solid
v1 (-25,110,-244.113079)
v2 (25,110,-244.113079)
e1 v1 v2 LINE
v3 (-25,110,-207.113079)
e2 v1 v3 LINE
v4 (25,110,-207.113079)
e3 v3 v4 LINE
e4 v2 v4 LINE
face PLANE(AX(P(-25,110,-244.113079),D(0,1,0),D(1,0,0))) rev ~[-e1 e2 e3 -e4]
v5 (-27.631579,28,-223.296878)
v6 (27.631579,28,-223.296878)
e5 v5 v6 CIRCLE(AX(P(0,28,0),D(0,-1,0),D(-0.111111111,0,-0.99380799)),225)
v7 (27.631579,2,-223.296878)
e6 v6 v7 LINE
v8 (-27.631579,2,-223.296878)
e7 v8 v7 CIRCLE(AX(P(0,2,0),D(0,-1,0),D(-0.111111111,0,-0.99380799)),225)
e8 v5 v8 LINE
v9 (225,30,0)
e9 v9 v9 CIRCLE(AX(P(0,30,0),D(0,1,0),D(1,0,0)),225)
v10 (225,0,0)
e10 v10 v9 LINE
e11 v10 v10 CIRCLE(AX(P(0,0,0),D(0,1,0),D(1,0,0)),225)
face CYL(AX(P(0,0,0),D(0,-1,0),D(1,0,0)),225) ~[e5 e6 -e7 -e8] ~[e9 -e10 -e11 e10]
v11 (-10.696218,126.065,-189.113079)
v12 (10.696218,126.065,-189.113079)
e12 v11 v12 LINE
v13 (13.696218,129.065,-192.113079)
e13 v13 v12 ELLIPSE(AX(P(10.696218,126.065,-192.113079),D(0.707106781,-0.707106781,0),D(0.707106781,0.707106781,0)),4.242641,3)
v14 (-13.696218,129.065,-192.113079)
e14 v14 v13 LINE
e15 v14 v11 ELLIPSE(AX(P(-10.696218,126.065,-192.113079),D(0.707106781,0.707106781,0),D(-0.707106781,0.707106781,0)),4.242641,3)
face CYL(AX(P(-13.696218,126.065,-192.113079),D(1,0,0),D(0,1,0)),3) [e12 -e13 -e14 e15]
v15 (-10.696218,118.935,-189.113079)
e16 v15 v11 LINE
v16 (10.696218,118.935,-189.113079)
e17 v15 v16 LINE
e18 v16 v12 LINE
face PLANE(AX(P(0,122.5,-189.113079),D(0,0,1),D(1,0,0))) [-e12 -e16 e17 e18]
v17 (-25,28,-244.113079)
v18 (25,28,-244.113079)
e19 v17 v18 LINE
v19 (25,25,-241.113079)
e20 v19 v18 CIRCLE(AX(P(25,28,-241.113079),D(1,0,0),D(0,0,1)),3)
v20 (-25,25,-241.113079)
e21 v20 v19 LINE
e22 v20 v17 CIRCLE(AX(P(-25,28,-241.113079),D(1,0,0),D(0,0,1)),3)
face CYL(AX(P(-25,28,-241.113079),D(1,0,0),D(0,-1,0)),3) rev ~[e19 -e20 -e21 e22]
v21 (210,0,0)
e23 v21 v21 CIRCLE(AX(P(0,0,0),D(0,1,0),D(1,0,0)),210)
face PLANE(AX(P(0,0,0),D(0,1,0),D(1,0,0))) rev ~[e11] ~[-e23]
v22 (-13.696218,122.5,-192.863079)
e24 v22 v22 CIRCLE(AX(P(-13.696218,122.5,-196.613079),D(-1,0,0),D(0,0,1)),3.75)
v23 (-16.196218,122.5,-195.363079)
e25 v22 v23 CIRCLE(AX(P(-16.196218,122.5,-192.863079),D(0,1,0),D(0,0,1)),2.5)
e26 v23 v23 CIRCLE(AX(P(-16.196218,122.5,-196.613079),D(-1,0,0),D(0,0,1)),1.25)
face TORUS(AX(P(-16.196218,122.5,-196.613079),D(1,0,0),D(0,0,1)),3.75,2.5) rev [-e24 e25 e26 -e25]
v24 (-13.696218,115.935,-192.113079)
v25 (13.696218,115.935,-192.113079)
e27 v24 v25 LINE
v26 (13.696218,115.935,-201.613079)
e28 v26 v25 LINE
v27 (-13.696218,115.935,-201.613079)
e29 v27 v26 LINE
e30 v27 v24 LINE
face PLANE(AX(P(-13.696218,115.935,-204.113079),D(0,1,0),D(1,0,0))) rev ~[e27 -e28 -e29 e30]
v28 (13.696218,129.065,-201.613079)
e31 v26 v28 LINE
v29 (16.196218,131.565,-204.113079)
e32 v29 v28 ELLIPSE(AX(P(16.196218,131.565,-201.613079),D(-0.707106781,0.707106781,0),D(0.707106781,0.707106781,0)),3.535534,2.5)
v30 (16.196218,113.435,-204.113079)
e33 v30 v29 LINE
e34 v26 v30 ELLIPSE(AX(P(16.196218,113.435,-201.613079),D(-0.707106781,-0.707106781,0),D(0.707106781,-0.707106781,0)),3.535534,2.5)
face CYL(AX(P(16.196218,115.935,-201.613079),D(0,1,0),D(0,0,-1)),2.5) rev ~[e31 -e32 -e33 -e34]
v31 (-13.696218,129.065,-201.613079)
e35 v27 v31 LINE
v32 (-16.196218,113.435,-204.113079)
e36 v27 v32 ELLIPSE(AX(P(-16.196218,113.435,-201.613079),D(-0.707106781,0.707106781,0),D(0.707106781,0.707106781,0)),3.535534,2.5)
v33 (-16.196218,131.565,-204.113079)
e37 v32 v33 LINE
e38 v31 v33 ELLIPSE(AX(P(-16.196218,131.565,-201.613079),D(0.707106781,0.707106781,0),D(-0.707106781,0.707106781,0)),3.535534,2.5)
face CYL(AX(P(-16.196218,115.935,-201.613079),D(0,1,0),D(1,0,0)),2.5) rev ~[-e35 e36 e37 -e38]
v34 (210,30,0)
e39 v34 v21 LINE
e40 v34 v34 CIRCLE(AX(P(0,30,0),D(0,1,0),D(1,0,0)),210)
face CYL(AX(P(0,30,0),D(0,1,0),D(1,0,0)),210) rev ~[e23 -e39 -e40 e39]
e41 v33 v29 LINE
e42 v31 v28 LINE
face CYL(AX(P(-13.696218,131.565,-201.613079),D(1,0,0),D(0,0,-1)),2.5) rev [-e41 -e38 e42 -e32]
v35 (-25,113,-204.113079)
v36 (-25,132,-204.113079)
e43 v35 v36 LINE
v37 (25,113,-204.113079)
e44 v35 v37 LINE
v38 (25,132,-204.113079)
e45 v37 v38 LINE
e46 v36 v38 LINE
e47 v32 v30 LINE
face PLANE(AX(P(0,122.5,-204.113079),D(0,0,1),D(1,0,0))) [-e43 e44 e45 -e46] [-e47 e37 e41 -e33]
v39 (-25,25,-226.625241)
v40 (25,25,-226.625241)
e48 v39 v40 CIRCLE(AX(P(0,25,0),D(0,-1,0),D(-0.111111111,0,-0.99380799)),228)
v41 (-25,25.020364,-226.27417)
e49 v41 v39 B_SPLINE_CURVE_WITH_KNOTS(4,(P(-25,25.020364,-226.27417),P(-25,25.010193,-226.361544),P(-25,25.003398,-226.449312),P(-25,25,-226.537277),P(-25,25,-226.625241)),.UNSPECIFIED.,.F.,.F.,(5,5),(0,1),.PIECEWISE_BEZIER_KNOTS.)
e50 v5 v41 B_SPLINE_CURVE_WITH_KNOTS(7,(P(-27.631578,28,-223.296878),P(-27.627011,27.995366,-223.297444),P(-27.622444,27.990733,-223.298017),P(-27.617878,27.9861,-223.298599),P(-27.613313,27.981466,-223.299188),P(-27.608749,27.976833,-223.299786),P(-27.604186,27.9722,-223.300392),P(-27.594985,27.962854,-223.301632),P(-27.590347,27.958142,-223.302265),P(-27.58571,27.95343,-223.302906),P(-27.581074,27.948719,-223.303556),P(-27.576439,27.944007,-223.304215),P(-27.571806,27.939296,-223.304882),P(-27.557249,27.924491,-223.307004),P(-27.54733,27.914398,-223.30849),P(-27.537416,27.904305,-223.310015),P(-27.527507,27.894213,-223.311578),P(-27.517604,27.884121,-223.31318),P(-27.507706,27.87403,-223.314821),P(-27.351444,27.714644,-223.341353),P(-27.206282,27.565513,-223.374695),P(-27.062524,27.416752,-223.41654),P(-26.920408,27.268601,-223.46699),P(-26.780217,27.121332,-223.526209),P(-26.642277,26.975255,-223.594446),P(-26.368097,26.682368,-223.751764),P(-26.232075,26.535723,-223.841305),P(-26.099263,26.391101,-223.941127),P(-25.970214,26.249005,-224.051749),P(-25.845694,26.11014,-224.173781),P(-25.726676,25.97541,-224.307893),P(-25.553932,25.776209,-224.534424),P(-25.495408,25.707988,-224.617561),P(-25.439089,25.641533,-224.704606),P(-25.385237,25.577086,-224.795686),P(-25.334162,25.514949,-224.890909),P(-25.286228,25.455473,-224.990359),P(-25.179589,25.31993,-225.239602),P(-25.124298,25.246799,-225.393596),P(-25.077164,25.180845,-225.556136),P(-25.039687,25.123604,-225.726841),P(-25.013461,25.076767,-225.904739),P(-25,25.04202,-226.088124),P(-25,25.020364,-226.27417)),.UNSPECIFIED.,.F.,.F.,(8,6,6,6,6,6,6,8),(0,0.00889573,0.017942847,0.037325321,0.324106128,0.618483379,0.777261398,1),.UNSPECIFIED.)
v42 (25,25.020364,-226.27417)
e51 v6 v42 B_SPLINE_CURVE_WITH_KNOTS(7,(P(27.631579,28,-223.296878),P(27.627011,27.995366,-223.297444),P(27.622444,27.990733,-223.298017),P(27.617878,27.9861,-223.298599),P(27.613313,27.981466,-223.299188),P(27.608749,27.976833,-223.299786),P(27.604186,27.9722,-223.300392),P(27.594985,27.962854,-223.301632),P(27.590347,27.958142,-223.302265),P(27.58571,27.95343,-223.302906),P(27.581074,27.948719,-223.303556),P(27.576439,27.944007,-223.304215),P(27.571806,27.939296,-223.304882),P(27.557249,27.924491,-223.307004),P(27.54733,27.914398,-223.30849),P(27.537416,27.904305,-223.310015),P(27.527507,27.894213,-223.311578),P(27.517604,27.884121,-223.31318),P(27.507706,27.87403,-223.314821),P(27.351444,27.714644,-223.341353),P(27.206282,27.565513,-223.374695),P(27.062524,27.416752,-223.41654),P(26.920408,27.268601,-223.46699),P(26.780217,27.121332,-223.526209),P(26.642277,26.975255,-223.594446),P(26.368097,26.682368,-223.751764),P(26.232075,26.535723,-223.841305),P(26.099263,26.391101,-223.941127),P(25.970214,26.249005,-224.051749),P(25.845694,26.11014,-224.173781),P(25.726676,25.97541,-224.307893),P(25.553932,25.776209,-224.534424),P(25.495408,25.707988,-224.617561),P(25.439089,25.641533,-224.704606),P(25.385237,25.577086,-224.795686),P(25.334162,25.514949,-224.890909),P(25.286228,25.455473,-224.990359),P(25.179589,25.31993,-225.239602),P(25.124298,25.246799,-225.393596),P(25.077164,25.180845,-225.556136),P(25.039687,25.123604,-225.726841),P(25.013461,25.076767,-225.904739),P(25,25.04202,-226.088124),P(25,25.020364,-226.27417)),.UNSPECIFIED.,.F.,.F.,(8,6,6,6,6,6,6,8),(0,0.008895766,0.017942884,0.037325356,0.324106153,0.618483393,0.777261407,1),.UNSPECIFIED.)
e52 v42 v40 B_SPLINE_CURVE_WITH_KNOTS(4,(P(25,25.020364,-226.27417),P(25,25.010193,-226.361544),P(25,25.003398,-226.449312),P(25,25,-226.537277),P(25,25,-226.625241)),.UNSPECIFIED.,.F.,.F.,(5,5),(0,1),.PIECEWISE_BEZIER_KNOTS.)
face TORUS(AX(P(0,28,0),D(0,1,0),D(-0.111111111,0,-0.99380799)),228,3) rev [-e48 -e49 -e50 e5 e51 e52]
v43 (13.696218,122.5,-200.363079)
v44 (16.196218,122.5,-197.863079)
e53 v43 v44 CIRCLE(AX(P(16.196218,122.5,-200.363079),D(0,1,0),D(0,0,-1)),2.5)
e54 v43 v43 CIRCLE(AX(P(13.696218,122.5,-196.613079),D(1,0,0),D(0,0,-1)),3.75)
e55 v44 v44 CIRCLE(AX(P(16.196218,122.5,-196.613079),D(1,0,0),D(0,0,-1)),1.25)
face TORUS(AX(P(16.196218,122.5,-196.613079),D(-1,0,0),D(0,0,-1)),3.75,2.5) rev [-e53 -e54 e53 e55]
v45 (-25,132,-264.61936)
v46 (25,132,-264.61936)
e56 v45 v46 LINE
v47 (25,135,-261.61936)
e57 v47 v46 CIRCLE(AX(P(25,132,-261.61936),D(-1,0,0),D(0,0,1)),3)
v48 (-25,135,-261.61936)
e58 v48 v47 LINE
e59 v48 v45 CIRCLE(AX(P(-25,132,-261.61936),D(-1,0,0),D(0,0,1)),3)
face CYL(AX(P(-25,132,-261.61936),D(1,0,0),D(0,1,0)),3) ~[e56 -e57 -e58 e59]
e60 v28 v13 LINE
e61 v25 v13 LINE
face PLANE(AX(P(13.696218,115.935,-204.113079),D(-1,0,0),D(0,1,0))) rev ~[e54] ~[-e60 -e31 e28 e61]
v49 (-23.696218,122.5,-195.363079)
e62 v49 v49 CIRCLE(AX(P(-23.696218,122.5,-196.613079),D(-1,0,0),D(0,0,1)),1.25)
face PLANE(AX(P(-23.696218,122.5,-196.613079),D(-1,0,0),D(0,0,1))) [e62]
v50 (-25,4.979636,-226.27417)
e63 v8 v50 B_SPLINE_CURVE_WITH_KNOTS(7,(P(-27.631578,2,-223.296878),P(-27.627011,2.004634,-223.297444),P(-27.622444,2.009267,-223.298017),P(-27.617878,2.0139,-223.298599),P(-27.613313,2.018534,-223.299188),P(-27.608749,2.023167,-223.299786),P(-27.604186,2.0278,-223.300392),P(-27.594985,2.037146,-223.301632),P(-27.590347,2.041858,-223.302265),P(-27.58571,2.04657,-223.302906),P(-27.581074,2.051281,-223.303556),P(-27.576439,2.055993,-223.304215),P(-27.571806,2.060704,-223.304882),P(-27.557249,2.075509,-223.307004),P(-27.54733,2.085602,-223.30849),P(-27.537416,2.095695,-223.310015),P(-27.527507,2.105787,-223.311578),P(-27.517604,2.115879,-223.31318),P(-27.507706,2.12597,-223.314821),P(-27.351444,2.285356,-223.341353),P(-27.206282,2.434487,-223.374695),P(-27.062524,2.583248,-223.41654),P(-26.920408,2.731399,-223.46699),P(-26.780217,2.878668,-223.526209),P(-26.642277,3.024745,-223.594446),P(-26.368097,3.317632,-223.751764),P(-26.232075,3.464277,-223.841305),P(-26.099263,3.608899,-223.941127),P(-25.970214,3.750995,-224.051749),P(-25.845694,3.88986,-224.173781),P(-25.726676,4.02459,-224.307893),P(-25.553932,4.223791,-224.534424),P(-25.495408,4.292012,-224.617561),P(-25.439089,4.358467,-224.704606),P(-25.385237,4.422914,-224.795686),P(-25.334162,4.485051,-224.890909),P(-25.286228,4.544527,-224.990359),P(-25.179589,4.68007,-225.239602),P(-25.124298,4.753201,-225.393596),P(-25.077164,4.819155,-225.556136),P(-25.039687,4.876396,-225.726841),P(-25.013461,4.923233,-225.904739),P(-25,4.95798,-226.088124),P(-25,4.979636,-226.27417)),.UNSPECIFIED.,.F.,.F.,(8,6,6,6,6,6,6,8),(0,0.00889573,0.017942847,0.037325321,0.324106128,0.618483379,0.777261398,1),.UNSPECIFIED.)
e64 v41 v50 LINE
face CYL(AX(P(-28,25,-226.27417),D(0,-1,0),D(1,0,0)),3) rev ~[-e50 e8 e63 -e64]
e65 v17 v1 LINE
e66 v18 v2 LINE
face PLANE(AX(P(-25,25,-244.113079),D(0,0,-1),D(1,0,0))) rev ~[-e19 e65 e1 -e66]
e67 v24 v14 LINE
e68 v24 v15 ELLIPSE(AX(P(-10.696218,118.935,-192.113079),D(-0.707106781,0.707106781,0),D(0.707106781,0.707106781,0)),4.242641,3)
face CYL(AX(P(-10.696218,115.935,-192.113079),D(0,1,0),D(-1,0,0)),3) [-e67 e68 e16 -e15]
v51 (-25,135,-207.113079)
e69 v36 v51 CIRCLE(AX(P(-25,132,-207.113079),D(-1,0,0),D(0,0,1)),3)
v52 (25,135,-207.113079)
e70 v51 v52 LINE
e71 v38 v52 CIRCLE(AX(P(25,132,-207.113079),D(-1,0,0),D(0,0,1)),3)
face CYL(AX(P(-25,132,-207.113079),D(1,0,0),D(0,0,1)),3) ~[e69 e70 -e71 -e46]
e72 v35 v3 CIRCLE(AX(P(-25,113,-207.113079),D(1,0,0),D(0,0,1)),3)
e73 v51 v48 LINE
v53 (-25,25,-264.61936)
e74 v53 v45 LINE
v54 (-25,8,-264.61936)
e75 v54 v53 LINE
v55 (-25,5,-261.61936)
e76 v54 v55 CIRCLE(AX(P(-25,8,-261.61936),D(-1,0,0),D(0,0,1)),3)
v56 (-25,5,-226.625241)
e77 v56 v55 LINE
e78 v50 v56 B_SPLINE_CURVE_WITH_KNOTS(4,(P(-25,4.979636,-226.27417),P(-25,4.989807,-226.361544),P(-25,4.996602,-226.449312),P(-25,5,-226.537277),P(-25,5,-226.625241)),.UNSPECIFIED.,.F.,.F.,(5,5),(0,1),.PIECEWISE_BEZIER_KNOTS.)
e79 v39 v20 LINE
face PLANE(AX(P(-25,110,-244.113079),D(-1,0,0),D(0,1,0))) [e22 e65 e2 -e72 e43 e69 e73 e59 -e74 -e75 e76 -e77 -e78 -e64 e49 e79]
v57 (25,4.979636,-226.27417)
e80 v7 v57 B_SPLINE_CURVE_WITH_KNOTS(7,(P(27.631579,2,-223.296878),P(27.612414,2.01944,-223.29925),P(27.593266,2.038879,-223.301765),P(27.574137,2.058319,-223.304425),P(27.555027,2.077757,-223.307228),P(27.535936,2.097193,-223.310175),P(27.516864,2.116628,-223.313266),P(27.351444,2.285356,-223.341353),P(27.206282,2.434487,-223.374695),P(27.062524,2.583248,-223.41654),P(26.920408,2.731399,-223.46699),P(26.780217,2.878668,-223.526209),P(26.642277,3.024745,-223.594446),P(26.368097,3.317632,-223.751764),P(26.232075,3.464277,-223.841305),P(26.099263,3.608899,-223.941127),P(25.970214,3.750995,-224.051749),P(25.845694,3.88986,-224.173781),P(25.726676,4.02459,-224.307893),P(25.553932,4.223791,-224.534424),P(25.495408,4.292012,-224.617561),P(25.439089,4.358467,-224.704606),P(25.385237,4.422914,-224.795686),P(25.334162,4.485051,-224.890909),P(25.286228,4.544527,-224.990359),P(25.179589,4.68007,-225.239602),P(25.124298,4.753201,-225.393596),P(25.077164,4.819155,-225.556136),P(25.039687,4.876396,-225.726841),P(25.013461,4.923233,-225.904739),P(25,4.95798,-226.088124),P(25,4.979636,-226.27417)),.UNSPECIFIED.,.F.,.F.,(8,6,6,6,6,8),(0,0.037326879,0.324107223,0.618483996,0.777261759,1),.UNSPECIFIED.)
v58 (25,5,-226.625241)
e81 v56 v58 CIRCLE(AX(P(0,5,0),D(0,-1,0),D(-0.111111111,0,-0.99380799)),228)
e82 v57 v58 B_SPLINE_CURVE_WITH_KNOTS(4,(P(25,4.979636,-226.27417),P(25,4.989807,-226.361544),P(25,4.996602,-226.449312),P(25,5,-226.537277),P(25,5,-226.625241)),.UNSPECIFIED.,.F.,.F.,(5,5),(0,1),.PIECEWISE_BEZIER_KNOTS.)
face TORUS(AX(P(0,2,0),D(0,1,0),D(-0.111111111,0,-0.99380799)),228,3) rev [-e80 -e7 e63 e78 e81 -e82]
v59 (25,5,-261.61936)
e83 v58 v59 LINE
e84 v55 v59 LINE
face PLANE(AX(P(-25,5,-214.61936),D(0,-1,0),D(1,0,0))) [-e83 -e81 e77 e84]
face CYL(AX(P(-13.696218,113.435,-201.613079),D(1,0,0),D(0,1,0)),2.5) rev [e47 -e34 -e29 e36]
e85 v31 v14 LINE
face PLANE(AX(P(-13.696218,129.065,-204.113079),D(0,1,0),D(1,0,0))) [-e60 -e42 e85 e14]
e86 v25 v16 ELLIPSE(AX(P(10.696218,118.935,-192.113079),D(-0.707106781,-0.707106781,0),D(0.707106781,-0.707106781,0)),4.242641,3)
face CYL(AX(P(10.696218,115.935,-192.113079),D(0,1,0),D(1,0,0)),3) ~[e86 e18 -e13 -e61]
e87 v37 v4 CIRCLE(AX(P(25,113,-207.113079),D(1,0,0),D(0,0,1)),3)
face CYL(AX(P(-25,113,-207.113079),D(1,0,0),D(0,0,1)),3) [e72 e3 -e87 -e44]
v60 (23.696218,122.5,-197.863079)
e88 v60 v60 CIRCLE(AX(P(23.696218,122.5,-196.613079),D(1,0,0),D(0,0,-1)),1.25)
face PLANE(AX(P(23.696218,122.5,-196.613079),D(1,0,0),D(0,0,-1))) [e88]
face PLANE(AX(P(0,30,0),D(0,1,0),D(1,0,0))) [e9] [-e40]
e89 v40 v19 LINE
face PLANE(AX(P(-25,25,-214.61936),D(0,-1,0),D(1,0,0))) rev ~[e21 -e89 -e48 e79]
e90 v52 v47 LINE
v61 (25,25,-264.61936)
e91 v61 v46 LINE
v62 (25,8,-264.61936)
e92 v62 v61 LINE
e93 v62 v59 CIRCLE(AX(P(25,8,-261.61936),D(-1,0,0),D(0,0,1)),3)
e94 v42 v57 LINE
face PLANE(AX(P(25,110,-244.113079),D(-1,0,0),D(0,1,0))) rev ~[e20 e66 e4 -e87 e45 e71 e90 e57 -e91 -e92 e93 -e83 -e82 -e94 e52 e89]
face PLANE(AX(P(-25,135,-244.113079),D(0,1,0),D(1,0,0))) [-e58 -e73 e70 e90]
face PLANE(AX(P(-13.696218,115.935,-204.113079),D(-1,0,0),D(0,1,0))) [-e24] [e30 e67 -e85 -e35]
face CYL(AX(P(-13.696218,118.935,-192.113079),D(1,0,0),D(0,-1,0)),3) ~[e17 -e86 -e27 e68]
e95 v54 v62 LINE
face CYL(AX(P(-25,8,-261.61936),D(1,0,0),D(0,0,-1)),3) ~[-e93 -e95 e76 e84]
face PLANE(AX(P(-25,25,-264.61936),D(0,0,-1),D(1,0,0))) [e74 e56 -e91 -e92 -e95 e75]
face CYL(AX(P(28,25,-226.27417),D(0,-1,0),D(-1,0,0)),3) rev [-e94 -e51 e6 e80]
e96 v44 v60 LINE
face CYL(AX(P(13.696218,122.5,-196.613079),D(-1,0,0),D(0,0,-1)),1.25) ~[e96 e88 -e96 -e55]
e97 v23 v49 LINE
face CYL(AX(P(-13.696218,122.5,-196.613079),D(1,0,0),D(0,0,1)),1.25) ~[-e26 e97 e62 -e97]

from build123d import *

# Parameters (mm, degrees)
SKETCH1_R               = 225
BOSS_EXTRUDE1_DEPTH     = 30
SKETCH2_R               = 210
CUT_EXTRUDE1_DEPTH      = 1
CUT_EXTRUDE1_DEPTH_BACK = 31
SKETCH3_W               = 50
SKETCH3_H               = 20
BOSS_EXTRUDE2_DEPTH     = 50
SKETCH4_W               = 50
SKETCH4_H               = 20.506281323
BOSS_EXTRUDE3_DEPTH     = 110
SKETCH5_W               = 50
SKETCH5_H               = 25
BOSS_EXTRUDE7_DEPTH     = 40
SKETCH6_W               = 27.39243627
SKETCH6_H               = 13.13
BOSS_EXTRUDE8_DEPTH     = 15
SKETCH7_R               = 1.25
BOSS_EXTRUDE9_DEPTH     = 10
SKETCH8_R               = 1.25
BOSS_EXTRUDE10_DEPTH    = 10
FILLET14_R              = 3
FILLET15_R              = 2.5
FILLET17_R              = 3


with BuildPart() as part:
    # Sketch1 → Boss-Extrude1 (new body)
    with BuildSketch(Plane(origin=(0, 0, 0), x_dir=(1, 0, 0), z_dir=(0, 1, 0))):
        Circle(SKETCH1_R)
    extrude(amount=BOSS_EXTRUDE1_DEPTH)

    # Sketch2 → Cut-Extrude1 (cut, two sides)
    with BuildSketch(Plane(origin=(0, 30, 0), x_dir=(1, 0, 0), z_dir=(0, 1, 0))) as cut_extrude1_sk:
        Circle(SKETCH2_R)
    extrude(amount=CUT_EXTRUDE1_DEPTH, mode=Mode.SUBTRACT)
    extrude(cut_extrude1_sk.sketch, amount=-CUT_EXTRUDE1_DEPTH_BACK, mode=Mode.SUBTRACT)

    # Sketch3 → Boss-Extrude2 (add)
    with BuildSketch(Plane.XY.offset(-214.619360396)):
        with Locations((0, 15)):
            Rectangle(SKETCH3_W, SKETCH3_H)
    extrude(amount=-BOSS_EXTRUDE2_DEPTH)

    # Sketch4 → Boss-Extrude3 (add)
    with BuildSketch(Plane(origin=(0, 25, 0), x_dir=(1, 0, 0), z_dir=(0, 1, 0))):
        with Locations((0, 254.366219735)):
            Rectangle(SKETCH4_W, SKETCH4_H)
    extrude(amount=BOSS_EXTRUDE3_DEPTH)

    # Sketch5 → Boss-Extrude7 (add)
    with BuildSketch(Plane.XY.offset(-244.113079073)):
        with Locations((0, 122.5)):
            Rectangle(SKETCH5_W, SKETCH5_H)
    extrude(amount=BOSS_EXTRUDE7_DEPTH)

    # Sketch6 → Boss-Extrude8 (add)
    with BuildSketch(Plane.XY.offset(-204.113079073)):
        with Locations((0, 122.5)):
            Rectangle(SKETCH6_W, SKETCH6_H)
    extrude(amount=BOSS_EXTRUDE8_DEPTH)

    # Sketch7 → Boss-Extrude9 (add)
    with BuildSketch(Plane.ZY.offset(13.696218135)):
        with Locations((-196.613079073, 122.5)):
            Circle(SKETCH7_R)
    extrude(amount=BOSS_EXTRUDE9_DEPTH)

    # Sketch8 → Boss-Extrude10 (add)
    with BuildSketch(Plane(origin=(13.696218135, 0, 0), x_dir=(0, 0, -1), z_dir=(1, 0, 0))):
        with Locations((196.613079073, 122.5)):
            Circle(SKETCH8_R)
    extrude(amount=BOSS_EXTRUDE10_DEPTH)

    # Fillet14
    fillet14_edges = [part.edges().sort_by_distance(p)[0] for p in [
        (-13.696218135, 122.5, -189.113079073),
        (0, 115.935, -189.113079073),
        (13.696218135, 122.5, -189.113079073),
        (0, 129.065, -189.113079073),
    ]]
    fillet(fillet14_edges, radius=FILLET14_R)

    # Fillet15
    fillet15_edges = [part.edges().sort_by_distance(p)[0] for p in [
        (-13.696218135, 122.5, -204.113079073),
        (0, 115.935, -204.113079073),
        (13.696218135, 122.5, -204.113079073),
        (0, 129.065, -204.113079073),
        (-13.696218135, 122.5, -197.863079073),
        (13.696218135, 122.5, -195.363079073),
    ]]
    fillet(fillet15_edges, radius=FILLET15_R)

    # Fillet17
    fillet17_edges = [part.edges().sort_by_distance(p)[0] for p in [
        (0, 25, -225),
        (-25, 15, -223.60679775),
        (0, 5, -225),
        (25, 15, -223.60679775),
        (0, 5, -264.619360396),
        (0, 25, -244.113079073),
        (0, 135, -264.619360396),
        (0, 110, -204.113079073),
        (0, 135, -204.113079073),
    ]]
    fillet(fillet17_edges, radius=FILLET17_R)


solid = part.part
